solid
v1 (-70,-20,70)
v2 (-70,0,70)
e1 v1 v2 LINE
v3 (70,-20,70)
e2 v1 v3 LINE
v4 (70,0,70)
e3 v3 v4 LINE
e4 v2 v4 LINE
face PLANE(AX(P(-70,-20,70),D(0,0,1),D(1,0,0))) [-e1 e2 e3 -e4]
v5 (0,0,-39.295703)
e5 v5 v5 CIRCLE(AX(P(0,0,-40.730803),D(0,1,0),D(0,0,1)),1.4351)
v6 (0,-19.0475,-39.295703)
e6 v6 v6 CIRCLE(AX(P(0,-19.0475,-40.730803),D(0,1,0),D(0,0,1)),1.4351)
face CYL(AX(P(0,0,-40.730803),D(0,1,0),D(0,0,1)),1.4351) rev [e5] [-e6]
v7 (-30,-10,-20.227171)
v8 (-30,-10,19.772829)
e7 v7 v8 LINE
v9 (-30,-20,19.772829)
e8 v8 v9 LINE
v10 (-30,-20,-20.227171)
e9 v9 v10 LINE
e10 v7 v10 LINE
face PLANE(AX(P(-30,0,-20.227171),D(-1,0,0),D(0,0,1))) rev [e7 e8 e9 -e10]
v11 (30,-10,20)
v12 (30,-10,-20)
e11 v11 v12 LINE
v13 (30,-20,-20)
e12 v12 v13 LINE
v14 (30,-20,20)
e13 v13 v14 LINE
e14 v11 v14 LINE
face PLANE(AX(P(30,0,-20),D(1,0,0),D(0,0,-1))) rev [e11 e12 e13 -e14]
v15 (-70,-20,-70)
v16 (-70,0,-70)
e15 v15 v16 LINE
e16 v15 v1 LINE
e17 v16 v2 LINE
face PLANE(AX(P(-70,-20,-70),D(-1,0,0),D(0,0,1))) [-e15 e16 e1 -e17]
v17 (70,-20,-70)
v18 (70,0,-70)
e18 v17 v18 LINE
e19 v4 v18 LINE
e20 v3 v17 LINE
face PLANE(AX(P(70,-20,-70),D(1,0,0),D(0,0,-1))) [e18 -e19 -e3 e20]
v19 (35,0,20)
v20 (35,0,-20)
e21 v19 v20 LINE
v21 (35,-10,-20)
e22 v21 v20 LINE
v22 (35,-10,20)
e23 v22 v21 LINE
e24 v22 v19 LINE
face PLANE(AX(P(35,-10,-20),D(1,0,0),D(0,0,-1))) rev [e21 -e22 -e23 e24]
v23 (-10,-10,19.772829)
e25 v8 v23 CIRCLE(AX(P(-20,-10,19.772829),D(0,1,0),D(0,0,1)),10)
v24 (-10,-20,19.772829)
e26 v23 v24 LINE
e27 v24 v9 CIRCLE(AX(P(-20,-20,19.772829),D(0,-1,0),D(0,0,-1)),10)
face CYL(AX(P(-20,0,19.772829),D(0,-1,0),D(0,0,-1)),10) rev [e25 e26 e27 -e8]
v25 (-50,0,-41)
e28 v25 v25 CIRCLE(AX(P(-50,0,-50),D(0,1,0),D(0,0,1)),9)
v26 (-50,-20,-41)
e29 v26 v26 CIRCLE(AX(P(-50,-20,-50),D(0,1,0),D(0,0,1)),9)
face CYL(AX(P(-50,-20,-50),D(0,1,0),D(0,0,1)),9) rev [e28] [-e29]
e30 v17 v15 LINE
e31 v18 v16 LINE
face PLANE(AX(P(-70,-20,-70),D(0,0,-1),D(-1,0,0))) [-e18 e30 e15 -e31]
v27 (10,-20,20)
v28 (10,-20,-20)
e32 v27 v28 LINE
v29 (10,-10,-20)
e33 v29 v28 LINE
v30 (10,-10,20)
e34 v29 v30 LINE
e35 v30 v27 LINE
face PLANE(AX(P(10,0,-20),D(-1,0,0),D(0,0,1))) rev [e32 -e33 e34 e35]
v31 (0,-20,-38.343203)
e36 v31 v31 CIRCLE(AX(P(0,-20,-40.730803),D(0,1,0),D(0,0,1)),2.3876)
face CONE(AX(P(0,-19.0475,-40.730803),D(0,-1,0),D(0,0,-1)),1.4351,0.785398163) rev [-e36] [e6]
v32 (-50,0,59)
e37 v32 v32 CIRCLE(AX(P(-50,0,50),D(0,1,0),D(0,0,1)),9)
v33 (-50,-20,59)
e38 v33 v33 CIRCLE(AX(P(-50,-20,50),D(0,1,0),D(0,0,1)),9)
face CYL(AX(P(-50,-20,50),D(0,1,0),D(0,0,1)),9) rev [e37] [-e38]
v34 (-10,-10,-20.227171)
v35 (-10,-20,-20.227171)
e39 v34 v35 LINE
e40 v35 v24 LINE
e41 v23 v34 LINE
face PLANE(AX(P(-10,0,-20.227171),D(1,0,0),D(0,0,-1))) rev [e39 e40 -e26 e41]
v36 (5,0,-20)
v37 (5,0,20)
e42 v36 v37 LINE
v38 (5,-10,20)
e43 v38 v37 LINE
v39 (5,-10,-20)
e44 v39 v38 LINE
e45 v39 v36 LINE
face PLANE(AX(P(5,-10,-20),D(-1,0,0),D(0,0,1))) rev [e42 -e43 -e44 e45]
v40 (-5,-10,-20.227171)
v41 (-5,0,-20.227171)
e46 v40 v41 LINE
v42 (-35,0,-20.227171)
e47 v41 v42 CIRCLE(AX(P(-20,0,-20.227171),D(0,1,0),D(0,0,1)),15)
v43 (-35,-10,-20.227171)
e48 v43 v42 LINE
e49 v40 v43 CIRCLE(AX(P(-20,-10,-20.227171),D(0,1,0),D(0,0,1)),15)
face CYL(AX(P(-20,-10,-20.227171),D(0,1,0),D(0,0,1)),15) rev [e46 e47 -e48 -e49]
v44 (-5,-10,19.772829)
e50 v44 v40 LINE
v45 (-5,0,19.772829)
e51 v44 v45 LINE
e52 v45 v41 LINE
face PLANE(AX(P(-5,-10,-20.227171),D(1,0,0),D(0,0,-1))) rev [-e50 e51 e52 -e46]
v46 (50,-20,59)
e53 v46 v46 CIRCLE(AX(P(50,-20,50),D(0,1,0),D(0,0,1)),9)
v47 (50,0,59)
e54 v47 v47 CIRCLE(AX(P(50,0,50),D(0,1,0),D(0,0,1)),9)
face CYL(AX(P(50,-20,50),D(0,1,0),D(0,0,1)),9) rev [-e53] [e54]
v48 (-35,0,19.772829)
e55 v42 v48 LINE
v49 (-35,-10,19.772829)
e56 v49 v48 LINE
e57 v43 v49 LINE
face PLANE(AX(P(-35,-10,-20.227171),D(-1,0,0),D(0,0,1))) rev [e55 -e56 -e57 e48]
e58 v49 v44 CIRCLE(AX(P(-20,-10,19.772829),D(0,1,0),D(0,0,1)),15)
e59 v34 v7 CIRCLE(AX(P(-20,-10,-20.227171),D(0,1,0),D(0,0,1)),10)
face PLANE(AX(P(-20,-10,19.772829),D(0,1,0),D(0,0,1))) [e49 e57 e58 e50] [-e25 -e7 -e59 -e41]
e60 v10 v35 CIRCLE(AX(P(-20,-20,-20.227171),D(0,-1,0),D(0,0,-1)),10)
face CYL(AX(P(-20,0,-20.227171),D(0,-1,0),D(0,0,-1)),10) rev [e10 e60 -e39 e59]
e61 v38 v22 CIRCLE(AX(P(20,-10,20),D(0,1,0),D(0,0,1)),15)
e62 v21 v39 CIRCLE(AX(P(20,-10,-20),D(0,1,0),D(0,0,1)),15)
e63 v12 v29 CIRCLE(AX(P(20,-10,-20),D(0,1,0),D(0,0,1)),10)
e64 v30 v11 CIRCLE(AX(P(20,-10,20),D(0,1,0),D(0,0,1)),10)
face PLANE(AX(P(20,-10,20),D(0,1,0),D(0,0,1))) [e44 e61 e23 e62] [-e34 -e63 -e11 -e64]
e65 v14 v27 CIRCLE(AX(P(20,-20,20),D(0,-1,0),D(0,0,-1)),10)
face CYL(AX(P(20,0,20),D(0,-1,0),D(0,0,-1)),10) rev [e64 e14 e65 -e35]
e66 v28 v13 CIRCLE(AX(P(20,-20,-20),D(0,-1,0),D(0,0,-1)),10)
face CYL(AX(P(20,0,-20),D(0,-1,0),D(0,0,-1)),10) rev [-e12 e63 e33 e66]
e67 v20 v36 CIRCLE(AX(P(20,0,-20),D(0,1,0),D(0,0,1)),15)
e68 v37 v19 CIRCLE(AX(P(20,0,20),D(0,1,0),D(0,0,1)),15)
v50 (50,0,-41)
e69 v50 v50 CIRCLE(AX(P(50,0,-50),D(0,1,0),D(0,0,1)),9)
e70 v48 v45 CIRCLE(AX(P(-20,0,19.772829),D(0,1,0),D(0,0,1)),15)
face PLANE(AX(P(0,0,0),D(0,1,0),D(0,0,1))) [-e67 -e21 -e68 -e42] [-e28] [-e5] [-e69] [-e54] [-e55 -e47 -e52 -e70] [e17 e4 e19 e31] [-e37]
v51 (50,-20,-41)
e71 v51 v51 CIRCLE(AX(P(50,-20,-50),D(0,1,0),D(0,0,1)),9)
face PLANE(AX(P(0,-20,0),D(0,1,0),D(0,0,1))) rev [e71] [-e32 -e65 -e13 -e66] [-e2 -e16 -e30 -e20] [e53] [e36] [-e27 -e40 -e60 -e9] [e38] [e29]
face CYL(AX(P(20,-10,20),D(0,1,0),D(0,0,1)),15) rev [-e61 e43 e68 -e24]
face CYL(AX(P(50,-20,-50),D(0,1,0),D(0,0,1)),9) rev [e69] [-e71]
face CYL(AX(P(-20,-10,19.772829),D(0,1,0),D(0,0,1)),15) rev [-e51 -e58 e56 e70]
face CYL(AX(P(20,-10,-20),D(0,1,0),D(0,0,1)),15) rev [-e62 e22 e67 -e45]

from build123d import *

# Parameters (mm, degrees)
IZIM1_W                     = 140
IZIM1_H                     = 140
IZIM1_R                     = 9
Y_KSEKLIK_EKSTR_ZYON1_DEPTH = 20
KES_EKSTR_ZYON1_DEPTH       = 10
KES_EKSTR_ZYON2_DEPTH       = 101.995049384


with BuildPart() as part:
    # Çizim1 → Yükseklik-Ekstrüzyon1 (new body)
    with BuildSketch(Plane(origin=(0, 0, 0), x_dir=(1, 0, 0), z_dir=(0, 1, 0))):
        Rectangle(IZIM1_W, IZIM1_H)
        with Locations(Location((-50, 50, 0), (0, 0, 270))):
            Circle(IZIM1_R, mode=Mode.SUBTRACT)
        with Locations(Location((50, 50, 0), (0, 0, 270))):
            Circle(IZIM1_R, mode=Mode.SUBTRACT)
        with Locations(Location((-50, -50, 0), (0, 0, 270))):
            Circle(IZIM1_R, mode=Mode.SUBTRACT)
        with Locations(Location((50, -50, 0), (0, 0, 270))):
            Circle(IZIM1_R, mode=Mode.SUBTRACT)
    extrude(amount=-Y_KSEKLIK_EKSTR_ZYON1_DEPTH)

    # Çizim4 → Kes-Ekstrüzyon1 (cut)
    # profile 1 of 2: a face of its own
    with BuildSketch(Plane(origin=(0, 0, 0), x_dir=(1, 0, 0), z_dir=(0, 1, 0))):
        with BuildLine():
            Line((-5, 20.227170593), (-5, -19.772829407))
            ThreePointArc((-5, -19.772829407), (-20, -34.772829407), (-35, -19.772829407))
            Line((-35, -19.772829407), (-35, 20.227170593))
            ThreePointArc((-35, 20.227170593), (-20, 35.227170593), (-5, 20.227170593))
        make_face()
        with BuildLine():
            Line((-30, 20.227170593), (-30, -19.772829407))
            ThreePointArc((-30, -19.772829407), (-20, -29.772829407), (-10, -19.772829407))
            Line((-10, -19.772829407), (-10, 20.227170593))
            ThreePointArc((-10, 20.227170593), (-20, 30.227170593), (-30, 20.227170593))
        make_face(mode=Mode.SUBTRACT)
    # profile 2 of 2: a face of its own
    with BuildSketch(Plane(origin=(0, 0, 0), x_dir=(1, 0, 0), z_dir=(0, 1, 0))):
        with BuildLine():
            Line((35, 20), (35, -20))
            ThreePointArc((35, -20), (20, -35), (5, -20))
            Line((5, -20), (5, 20))
            ThreePointArc((5, 20), (20, 35), (35, 20))
        make_face()
        with BuildLine():
            Line((30, 20), (30, -20))
            ThreePointArc((30, -20), (20, -30), (10, -20))
            Line((10, -20), (10, 20))
            ThreePointArc((10, 20), (20, 30), (30, 20))
        make_face(mode=Mode.SUBTRACT)
    extrude(amount=-KES_EKSTR_ZYON1_DEPTH, mode=Mode.SUBTRACT)

    # Çizim2 → Kes-Ekstrüzyon2 (cut, through all)
    with BuildSketch(Plane(origin=(0, -20, 0), x_dir=(-1, 0, 0), z_dir=(0, -1, 0))):
        with BuildLine():
            Line((-10, 20), (-10, -20))
            ThreePointArc((-10, -20), (-20, -30), (-30, -20))
            Line((-30, -20), (-30, 20))
            ThreePointArc((-30, 20), (-20, 30), (-10, 20))
        make_face()
        with BuildLine():
            Line((30, 20.227170593), (30, -19.772829407))
            ThreePointArc((30, -19.772829407), (20, -29.772829407), (10, -19.772829407))
            Line((10, -19.772829407), (10, 20.227170593))
            ThreePointArc((10, 20.227170593), (20, 30.227170593), (30, 20.227170593))
        make_face()
    extrude(amount=-KES_EKSTR_ZYON2_DEPTH, mode=Mode.SUBTRACT)

    # Çizim6 → #6-40 Dişli Delik1 (revolve, cut)
    with BuildSketch(Plane(origin=(0, 0, -40.730803154), x_dir=(0, 0, 1), z_dir=(1, 0, 0))):
        Polygon((0, 0), (0, 20), (2.3876, 20), (1.4351, 19.0475), (1.4351, 0), align=None)
    revolve(axis=Axis((0, 6.35, -40.730803154), (0, -1, 0)), mode=Mode.SUBTRACT)


solid = part.part
